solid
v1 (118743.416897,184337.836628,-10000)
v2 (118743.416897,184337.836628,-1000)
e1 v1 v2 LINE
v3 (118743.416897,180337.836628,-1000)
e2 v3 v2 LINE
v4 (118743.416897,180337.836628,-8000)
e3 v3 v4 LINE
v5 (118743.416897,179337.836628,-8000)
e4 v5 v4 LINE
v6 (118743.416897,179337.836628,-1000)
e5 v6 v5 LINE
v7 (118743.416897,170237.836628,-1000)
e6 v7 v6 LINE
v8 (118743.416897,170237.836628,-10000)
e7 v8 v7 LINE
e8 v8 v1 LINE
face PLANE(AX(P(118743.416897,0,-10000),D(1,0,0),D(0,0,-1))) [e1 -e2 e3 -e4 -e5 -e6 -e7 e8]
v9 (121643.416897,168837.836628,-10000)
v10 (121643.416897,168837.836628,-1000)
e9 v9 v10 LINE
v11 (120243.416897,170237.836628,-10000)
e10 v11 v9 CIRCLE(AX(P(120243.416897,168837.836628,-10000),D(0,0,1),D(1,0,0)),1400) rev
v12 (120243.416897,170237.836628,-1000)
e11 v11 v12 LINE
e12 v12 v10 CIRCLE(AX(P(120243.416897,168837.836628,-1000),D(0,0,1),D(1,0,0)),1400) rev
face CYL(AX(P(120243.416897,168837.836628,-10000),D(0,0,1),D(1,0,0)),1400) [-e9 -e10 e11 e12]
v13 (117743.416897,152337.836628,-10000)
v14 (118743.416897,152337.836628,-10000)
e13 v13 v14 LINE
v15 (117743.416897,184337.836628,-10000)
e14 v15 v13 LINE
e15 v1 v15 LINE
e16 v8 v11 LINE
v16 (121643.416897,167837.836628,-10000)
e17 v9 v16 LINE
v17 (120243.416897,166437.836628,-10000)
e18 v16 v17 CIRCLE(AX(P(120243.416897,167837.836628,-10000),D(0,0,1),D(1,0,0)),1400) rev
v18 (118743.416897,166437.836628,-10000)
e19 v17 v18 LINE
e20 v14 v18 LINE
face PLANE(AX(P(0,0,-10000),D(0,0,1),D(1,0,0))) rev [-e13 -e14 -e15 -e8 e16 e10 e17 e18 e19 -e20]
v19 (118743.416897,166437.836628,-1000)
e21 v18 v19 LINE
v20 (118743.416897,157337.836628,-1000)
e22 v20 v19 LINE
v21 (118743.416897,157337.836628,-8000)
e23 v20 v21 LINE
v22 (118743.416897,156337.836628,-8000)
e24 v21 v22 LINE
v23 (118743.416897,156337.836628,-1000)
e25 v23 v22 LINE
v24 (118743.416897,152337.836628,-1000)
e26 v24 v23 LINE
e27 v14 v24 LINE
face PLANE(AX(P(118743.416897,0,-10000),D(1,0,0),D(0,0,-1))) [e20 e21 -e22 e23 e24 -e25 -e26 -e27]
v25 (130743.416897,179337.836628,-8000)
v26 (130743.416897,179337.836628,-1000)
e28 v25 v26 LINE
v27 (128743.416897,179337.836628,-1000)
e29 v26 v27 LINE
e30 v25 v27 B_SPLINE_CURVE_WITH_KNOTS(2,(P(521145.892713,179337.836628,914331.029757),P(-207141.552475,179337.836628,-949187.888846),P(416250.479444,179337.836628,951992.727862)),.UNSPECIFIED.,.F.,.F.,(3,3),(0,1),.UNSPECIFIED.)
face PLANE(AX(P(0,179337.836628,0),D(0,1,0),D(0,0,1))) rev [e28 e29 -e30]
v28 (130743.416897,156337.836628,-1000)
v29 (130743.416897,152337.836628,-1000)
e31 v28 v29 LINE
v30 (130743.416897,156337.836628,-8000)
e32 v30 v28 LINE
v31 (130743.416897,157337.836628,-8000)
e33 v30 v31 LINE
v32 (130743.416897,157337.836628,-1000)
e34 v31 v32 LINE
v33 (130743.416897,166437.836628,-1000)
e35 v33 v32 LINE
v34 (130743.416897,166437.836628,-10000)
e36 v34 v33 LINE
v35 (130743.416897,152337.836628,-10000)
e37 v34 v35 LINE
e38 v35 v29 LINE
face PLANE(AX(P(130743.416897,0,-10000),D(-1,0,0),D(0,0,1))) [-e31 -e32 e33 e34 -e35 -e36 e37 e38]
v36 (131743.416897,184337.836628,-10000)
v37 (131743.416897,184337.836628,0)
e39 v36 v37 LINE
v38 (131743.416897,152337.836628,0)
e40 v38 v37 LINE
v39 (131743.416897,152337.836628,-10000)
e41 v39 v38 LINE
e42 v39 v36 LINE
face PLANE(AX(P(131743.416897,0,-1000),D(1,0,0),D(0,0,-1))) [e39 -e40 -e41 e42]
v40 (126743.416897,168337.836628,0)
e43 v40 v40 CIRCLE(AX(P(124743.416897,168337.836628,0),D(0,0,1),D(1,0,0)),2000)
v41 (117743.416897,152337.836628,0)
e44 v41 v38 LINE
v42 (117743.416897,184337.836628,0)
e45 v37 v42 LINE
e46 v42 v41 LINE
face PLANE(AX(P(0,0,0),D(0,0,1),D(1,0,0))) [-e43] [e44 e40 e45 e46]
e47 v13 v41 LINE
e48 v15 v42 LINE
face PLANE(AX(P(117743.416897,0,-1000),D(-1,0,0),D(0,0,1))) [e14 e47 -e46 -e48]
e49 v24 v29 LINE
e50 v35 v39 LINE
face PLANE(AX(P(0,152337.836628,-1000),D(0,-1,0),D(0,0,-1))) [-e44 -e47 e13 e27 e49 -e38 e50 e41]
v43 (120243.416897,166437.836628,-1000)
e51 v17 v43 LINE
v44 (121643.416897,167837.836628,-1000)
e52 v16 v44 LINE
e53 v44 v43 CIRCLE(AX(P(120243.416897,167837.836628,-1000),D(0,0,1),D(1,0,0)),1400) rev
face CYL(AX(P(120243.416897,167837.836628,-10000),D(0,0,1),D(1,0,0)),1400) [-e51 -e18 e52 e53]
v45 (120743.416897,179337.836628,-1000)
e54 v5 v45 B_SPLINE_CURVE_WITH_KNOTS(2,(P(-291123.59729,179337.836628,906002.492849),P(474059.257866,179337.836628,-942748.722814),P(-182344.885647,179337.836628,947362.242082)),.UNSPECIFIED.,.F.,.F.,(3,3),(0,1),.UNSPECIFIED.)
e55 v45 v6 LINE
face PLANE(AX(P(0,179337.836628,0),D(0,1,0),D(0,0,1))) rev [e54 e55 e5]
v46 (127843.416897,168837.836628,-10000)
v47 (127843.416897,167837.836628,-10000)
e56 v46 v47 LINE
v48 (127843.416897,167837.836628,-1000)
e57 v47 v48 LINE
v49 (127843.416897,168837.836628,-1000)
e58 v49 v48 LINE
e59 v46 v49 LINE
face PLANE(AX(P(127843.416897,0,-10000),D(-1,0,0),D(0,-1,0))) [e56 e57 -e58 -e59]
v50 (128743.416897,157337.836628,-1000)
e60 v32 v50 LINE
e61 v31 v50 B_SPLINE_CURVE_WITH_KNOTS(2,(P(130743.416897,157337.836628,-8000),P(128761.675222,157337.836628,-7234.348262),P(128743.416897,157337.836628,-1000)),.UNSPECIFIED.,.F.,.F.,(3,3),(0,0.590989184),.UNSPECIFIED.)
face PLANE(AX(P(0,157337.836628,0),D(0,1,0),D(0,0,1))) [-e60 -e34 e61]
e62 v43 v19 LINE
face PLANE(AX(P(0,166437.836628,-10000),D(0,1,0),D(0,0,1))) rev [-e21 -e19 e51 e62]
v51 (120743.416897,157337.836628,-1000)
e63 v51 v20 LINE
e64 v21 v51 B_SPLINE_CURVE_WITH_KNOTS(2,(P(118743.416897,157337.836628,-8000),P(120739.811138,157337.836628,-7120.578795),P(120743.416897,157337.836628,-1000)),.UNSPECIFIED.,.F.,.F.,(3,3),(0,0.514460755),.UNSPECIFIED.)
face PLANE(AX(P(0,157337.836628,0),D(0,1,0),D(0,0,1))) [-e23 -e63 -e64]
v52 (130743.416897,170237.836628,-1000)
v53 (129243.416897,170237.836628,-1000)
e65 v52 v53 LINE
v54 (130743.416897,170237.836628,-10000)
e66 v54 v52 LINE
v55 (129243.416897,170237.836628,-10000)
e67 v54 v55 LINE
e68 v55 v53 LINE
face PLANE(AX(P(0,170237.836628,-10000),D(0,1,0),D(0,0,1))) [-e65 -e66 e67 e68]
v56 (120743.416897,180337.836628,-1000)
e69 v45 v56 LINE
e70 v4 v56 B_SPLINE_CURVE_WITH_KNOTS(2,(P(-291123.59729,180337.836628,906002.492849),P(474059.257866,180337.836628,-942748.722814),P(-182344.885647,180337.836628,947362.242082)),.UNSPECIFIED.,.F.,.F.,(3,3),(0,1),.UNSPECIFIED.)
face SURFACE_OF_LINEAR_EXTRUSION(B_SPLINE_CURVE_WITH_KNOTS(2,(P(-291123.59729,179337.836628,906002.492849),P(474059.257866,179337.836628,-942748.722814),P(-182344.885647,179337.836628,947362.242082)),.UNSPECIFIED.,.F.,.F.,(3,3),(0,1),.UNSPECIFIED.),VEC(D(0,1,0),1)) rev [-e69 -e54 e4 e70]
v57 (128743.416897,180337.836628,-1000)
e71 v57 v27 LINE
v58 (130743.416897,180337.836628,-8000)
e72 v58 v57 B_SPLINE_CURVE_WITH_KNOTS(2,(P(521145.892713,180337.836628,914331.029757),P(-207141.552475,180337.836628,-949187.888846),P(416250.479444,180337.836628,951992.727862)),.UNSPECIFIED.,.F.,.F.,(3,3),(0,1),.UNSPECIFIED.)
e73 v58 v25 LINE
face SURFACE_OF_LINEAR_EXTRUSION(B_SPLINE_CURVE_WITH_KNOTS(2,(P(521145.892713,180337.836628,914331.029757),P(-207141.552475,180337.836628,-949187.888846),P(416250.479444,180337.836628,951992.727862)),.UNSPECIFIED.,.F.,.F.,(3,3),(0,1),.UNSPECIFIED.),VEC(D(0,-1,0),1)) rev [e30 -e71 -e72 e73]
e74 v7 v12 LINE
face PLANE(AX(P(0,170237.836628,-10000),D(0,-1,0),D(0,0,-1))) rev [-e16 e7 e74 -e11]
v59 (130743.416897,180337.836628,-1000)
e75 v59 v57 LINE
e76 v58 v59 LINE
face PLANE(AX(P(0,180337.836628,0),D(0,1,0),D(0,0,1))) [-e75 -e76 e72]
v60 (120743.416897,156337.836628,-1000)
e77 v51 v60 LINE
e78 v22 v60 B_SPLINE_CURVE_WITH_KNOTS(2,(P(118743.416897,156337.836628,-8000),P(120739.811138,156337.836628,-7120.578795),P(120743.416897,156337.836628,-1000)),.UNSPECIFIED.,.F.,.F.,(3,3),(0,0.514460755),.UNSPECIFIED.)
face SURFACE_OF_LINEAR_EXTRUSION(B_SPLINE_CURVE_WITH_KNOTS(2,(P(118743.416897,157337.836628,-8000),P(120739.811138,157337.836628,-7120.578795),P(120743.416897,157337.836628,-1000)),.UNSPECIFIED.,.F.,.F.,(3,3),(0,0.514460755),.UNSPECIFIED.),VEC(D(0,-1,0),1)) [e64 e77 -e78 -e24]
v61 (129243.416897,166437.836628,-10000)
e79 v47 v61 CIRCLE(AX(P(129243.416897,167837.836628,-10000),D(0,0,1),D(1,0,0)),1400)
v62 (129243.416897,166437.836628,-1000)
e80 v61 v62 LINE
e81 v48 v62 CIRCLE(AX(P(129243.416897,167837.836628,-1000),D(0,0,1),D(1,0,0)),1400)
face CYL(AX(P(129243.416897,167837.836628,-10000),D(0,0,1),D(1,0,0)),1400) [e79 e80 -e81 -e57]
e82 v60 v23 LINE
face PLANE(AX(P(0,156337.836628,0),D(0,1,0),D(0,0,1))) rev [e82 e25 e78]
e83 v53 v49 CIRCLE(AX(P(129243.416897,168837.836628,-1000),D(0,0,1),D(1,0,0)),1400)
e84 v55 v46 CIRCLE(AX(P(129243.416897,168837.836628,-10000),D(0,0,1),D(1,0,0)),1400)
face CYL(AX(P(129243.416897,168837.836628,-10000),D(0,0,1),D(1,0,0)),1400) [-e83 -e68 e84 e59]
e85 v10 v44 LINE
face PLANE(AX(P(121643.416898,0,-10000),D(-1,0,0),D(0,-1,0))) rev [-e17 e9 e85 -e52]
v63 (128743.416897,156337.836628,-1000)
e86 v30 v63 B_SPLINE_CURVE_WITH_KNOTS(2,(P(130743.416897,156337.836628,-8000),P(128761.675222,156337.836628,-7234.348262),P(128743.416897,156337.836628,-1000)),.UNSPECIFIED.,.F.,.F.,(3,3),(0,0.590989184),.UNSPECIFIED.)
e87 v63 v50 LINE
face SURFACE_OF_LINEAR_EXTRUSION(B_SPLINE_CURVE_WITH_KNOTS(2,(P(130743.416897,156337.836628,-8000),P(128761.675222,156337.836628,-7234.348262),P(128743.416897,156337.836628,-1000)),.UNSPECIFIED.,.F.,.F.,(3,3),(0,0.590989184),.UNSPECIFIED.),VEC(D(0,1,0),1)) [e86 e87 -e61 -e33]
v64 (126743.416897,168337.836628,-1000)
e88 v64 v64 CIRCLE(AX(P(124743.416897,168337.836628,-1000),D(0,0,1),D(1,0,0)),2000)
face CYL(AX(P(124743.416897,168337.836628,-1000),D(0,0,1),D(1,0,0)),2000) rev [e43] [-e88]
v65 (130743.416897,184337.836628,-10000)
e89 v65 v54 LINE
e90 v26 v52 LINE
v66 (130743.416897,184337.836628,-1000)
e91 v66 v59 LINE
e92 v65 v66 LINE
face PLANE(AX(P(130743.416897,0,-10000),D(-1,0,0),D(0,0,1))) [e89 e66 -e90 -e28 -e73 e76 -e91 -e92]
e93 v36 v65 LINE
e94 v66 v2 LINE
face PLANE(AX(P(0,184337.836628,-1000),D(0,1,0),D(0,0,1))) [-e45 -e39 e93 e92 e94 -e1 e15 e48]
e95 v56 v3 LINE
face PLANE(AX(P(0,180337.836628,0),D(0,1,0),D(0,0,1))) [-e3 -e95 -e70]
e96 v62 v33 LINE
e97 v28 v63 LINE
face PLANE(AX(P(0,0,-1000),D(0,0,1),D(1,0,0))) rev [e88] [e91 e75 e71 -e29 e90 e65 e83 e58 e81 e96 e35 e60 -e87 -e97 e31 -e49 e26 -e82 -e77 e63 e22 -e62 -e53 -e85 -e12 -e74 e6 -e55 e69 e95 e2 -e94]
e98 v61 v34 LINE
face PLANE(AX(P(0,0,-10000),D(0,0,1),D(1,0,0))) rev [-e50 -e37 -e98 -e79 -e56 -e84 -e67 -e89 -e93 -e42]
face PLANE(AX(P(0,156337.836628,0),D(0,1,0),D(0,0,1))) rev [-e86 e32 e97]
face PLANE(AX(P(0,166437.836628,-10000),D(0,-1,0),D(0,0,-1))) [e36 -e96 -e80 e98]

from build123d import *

# Parameters (mm, degrees)
CROQUIS1_W                   = 14000
CROQUIS1_H                   = 32000
CROQUIS1_R                   = 2000
SALIENTE_EXTRUIR1_DEPTH      = 1000
SALIENTE_EXTRUIR2_DEPTH      = 10000
SALIENTE_EXTRUIR3_DEPTH      = 500
SALIENTE_EXTRUIR3_DEPTH_BACK = 500
SALIENTE_EXTRUIR4_DEPTH      = 500
SALIENTE_EXTRUIR4_DEPTH_BACK = 500


with BuildPart() as part:
    # Croquis1 → Saliente-Extruir1 (new body)
    with BuildSketch(Plane.XY):
        with Locations((124743.416897498, 168337.836627923)):
            Rectangle(CROQUIS1_W, CROQUIS1_H)
        with Locations((124743.416897498, 168337.836627923)):
            Circle(CROQUIS1_R, mode=Mode.SUBTRACT)
    extrude(amount=-SALIENTE_EXTRUIR1_DEPTH)

    # Croquis1<6> → Saliente-Extruir2 (add)
    with BuildSketch(Plane.XY):
        with BuildLine():
            Line((117743.416897498, 152337.836627923), (118743.416897498, 152337.836627923))
            Line((118743.416897498, 152337.836627923), (118743.416897498, 166437.836627923))
            Line((118743.416897498, 166437.836627923), (120243.416897498, 166437.836627923))
            ThreePointArc((120243.416897498, 166437.836627923), (121233.366391159, 166847.887134262), (121643.416897498, 167837.836627923))
            Line((121643.416897498, 167837.836627923), (121643.416897498, 168837.836627923))
            ThreePointArc((121643.416897498, 168837.836627923), (121233.366391159, 169827.786121585), (120243.416897498, 170237.836627923))
            Line((120243.416897498, 170237.836627923), (118743.416897498, 170237.836627923))
            Line((118743.416897498, 170237.836627923), (118743.416897498, 184337.836627923))
            Line((118743.416897498, 184337.836627923), (117743.416897498, 184337.836627923))
            Line((117743.416897498, 184337.836627923), (117743.416897498, 152337.836627923))
        make_face()
        with BuildLine():
            Line((130743.416897498, 152337.836627923), (131743.416897498, 152337.836627923))
            Line((131743.416897498, 152337.836627923), (131743.416897498, 184337.836627923))
            Line((131743.416897498, 184337.836627923), (130743.416897498, 184337.836627923))
            Line((130743.416897498, 184337.836627923), (130743.416897498, 170237.836627923))
            Line((130743.416897498, 170237.836627923), (129243.416897498, 170237.836627923))
            ThreePointArc((129243.416897498, 170237.836627923), (128253.467403837, 169827.786121585), (127843.416897498, 168837.836627923))
            Line((127843.416897498, 168837.836627923), (127843.416897498, 167837.836627923))
            ThreePointArc((127843.416897498, 167837.836627923), (128253.467403837, 166847.887134262), (129243.416897498, 166437.836627923))
            Line((129243.416897498, 166437.836627923), (130743.416897498, 166437.836627923))
            Line((130743.416897498, 166437.836627923), (130743.416897498, 152337.836627923))
        make_face()
    extrude(amount=-SALIENTE_EXTRUIR2_DEPTH)

    # Croquis2 → Saliente-Extruir3 (add, two sides: drawn at the far end of the back side and taken through both)
    with BuildSketch(Plane(origin=(0, 156837.836627923, 0), x_dir=(1, 0, 0), z_dir=(0, 1, 0)).offset(-SALIENTE_EXTRUIR3_DEPTH_BACK)):
        with BuildLine():
            Line((130743.416897498, 1000), (130743.416897498, 8000))
            add(Edge.make_bspline(
                [(130743.416897498, 8000), (128761.675222051, 7234.348262256), (128743.416897498, 1000)],
                knots=[0, 0, 0, 0.590989184, 0.590989184, 0.590989184], degree=2))
            Line((128743.416897498, 1000), (130743.416897498, 1000))
        make_face()
        with BuildLine():
            add(Edge.make_bspline(
                [(118743.416897498, 8000), (120739.811138244, 7120.578794783), (120743.416897498, 1000)],
                knots=[0, 0, 0, 0.514460755, 0.514460755, 0.514460755], degree=2))
            Line((118743.416897498, 8000), (118743.416897498, 1000))
            Line((118743.416897498, 1000), (120743.416897498, 1000))
        make_face()
    extrude(amount=SALIENTE_EXTRUIR3_DEPTH + SALIENTE_EXTRUIR3_DEPTH_BACK)

    # Croquis3 → Saliente-Extruir4 (add, two sides: drawn at the far end of the back side and taken through both)
    with BuildSketch(Plane(origin=(0, 179837.836627923, 0), x_dir=(1, 0, 0), z_dir=(0, 1, 0)).offset(-SALIENTE_EXTRUIR4_DEPTH_BACK)):
        with BuildLine():
            Line((118743.416897498, 8000), (118743.416897498, 1000))
            Line((118743.416897498, 1000), (120743.416897498, 1000))
            add(Edge.make_bspline(
                [(118743.416897498, 8000), (120739.811138244, 7120.578794783), (120743.416897498, 1000)],
                knots=[0, 0, 0, 1, 1, 1], degree=2))
        make_face()
        with BuildLine():
            add(Edge.make_bspline(
                [(130743.416897498, 8000), (128761.675222051, 7234.348262256), (128743.416897498, 1000)],
                knots=[0, 0, 0, 1, 1, 1], degree=2))
            Line((128743.416897498, 1000), (130743.416897498, 1000))
            Line((130743.416897498, 1000), (130743.416897498, 8000))
        make_face()
    extrude(amount=SALIENTE_EXTRUIR4_DEPTH + SALIENTE_EXTRUIR4_DEPTH_BACK)


solid = part.part
